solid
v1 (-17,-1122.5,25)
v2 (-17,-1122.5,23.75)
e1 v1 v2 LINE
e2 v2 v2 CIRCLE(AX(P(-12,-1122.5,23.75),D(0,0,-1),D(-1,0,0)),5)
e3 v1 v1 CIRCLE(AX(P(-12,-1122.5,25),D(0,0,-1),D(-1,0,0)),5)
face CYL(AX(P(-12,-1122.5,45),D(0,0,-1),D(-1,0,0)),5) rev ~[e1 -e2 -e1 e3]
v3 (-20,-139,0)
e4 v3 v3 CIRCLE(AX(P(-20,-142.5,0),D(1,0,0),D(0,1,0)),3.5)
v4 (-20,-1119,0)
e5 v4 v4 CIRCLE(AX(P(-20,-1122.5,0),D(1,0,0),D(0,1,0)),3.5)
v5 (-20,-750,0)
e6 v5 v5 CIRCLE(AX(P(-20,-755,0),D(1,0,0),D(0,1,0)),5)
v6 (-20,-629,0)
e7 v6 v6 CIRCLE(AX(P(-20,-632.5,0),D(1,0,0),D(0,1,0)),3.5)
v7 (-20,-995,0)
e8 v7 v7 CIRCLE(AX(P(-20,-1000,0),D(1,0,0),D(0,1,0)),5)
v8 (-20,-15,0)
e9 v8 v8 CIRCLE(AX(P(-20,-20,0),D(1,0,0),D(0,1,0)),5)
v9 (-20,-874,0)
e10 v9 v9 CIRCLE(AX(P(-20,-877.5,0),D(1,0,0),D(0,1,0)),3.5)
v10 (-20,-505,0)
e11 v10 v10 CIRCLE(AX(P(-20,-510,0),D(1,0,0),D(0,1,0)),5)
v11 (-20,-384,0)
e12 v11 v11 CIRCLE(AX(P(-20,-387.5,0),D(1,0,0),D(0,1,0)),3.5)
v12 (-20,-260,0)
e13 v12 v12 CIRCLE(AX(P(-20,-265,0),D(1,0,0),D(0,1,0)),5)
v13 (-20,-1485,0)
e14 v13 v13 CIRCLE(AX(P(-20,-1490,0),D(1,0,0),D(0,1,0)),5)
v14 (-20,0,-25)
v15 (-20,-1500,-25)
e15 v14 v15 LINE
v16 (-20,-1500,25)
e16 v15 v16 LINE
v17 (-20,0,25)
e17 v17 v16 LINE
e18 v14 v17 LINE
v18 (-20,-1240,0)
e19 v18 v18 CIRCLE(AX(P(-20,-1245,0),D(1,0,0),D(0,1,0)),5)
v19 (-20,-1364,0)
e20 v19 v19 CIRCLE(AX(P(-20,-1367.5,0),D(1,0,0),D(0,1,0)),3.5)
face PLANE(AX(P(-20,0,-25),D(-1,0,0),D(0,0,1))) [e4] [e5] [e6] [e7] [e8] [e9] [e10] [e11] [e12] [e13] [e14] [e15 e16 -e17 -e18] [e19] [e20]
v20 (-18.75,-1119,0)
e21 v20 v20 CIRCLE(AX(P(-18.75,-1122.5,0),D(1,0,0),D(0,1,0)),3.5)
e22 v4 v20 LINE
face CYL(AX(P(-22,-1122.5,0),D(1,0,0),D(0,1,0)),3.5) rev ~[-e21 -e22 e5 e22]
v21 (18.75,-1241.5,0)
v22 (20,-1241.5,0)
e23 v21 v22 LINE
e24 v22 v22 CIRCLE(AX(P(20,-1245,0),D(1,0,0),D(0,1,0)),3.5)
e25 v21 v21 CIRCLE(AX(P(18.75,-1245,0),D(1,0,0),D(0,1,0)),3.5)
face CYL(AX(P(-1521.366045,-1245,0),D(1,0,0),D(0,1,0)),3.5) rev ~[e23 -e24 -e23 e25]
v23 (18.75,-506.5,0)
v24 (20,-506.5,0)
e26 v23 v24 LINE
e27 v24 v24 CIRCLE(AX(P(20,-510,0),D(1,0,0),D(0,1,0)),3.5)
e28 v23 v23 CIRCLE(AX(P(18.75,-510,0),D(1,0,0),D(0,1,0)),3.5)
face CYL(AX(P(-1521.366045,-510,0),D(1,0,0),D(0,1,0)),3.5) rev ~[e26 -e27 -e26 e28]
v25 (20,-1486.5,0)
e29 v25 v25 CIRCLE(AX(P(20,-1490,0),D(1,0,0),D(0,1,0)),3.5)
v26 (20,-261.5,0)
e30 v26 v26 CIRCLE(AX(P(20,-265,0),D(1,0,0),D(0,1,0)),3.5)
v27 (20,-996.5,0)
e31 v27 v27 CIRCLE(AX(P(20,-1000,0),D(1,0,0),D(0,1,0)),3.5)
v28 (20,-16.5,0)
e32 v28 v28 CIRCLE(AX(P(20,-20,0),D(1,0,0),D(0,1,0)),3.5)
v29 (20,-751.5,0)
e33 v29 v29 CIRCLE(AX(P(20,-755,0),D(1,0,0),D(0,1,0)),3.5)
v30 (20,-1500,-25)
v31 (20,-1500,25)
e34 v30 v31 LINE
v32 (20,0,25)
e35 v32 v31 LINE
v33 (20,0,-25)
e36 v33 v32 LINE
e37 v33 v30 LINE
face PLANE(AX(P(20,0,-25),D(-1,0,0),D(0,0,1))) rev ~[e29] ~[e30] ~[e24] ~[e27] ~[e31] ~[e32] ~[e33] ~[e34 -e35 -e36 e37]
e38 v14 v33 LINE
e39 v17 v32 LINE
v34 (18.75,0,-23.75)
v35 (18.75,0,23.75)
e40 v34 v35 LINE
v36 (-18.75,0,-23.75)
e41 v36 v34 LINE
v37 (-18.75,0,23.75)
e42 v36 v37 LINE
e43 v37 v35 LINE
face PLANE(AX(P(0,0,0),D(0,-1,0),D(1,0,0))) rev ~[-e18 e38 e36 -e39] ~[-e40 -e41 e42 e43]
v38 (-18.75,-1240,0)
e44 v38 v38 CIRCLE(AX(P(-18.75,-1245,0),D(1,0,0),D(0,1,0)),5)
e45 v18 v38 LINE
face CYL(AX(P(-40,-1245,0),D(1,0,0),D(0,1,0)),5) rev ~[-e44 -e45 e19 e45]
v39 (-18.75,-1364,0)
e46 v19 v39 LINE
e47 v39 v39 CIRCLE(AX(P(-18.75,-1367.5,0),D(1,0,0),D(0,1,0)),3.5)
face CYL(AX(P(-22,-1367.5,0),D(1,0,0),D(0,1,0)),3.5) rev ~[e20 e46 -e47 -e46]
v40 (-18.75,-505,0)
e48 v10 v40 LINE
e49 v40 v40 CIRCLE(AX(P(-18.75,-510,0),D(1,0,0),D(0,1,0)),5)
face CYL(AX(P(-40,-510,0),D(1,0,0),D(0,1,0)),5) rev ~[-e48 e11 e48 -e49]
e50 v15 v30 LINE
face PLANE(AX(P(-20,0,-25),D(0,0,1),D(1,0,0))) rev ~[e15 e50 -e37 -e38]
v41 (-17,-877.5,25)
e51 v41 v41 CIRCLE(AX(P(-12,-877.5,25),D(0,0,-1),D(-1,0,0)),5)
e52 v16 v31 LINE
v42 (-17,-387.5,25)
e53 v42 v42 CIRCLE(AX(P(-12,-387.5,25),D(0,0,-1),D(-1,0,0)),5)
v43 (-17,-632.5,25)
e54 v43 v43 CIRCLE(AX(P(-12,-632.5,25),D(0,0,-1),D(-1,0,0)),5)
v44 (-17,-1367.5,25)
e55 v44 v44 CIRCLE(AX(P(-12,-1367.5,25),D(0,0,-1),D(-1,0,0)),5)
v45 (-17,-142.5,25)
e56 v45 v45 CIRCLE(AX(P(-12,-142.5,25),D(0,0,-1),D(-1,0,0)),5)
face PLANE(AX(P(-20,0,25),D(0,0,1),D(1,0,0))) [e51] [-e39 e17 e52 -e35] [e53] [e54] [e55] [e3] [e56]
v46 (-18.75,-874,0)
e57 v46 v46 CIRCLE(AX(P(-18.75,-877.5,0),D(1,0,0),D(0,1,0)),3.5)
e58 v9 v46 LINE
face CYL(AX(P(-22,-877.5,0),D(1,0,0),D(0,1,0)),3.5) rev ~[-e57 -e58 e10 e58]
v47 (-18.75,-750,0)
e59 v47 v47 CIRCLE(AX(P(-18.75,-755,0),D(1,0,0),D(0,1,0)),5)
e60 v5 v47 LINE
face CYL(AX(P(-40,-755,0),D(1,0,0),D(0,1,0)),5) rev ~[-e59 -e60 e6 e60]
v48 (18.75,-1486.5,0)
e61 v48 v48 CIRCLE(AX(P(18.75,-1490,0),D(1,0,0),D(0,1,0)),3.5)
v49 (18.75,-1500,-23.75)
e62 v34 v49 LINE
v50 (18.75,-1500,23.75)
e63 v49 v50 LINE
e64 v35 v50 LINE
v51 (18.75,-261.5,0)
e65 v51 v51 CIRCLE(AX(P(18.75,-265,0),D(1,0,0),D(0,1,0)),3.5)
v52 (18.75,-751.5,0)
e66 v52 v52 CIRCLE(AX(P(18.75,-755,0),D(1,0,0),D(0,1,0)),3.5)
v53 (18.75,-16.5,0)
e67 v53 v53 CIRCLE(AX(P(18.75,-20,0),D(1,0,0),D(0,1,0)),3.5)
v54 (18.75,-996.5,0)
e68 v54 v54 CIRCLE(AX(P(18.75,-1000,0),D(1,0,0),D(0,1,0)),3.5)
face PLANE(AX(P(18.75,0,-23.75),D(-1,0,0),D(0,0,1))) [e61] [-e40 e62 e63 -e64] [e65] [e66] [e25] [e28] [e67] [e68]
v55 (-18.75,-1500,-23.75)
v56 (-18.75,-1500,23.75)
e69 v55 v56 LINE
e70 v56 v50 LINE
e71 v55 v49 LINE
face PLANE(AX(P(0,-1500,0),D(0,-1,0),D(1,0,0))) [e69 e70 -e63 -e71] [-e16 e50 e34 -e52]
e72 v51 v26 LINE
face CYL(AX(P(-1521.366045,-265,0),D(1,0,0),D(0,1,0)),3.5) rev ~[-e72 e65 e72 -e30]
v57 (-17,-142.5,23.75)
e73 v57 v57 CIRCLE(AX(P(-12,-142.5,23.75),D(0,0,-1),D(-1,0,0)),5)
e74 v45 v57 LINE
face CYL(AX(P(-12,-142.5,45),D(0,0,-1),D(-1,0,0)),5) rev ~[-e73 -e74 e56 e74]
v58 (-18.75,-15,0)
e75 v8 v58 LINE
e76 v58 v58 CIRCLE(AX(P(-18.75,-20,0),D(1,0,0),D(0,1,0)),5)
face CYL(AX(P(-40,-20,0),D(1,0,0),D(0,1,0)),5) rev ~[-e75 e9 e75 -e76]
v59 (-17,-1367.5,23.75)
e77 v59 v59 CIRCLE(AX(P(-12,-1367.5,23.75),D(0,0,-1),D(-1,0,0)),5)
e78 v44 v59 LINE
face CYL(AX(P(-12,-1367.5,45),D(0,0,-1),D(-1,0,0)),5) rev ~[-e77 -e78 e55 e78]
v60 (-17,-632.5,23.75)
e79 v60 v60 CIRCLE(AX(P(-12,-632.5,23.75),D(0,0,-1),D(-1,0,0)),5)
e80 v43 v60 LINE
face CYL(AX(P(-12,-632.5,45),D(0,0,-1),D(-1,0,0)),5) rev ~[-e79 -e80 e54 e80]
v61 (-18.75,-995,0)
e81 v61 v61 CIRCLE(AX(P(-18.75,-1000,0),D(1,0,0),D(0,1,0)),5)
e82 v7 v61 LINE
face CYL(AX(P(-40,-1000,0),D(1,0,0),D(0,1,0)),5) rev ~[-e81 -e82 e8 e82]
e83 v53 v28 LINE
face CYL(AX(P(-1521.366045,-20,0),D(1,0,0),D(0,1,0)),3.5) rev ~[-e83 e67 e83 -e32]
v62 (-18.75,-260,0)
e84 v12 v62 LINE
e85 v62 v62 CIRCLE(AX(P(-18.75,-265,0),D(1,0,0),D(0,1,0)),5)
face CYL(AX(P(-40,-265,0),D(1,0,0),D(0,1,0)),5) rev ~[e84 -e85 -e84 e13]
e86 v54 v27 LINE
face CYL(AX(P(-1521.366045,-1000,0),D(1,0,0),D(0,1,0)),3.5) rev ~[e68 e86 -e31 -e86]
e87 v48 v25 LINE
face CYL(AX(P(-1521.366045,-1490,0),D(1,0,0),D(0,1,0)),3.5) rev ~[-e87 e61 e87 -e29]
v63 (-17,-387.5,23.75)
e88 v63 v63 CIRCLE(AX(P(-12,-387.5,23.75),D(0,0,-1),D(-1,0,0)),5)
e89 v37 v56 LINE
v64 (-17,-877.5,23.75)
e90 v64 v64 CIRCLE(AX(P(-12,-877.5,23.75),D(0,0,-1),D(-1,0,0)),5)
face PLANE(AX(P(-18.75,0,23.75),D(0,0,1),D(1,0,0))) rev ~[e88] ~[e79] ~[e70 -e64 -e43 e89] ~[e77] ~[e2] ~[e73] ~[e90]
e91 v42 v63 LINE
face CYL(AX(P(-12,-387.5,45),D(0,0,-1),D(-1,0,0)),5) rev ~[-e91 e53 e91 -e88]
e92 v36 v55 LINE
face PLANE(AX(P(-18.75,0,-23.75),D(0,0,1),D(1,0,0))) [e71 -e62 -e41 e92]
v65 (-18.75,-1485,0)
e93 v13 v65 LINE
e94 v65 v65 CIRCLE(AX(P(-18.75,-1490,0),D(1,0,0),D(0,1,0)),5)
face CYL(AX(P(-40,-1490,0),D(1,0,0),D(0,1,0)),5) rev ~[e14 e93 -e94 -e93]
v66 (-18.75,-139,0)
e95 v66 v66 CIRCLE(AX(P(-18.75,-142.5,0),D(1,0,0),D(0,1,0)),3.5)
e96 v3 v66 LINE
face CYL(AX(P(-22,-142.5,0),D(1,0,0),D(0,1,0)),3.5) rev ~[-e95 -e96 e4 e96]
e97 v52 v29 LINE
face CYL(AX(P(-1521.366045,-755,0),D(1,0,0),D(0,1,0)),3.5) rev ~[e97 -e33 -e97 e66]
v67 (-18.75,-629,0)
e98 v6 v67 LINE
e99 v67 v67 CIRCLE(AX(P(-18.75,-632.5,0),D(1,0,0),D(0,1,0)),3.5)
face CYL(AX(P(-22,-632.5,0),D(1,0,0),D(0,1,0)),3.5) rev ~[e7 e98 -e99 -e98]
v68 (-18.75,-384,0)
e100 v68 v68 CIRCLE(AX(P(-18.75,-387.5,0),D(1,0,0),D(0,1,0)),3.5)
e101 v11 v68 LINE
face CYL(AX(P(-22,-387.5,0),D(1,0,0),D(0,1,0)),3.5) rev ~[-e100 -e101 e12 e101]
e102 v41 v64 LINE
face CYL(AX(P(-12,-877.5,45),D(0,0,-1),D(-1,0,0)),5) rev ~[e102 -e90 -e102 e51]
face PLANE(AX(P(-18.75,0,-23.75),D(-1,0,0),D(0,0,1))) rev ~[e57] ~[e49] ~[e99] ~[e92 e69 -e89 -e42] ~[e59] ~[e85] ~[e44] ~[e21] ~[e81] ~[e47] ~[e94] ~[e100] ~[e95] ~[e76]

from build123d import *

# Parameters (mm, degrees)
F0_W           = 40
F0_H           = 50
F0_W_2         = 37.5
F0_H_2         = 47.5
F1_DEPTH       = 1500
F4_D           = 7
F5_D           = 10
F5_DEPTH       = 20
F5_TIP         = 3.0043030951
F5_ON_F3_D     = 10
F5_ON_F3_DEPTH = 20
F5_ON_F3_TIP   = 3.0043030951
F6_D           = 7
F6_DEPTH       = 2
F6_TIP         = 2.1030121666


with BuildPart() as f1:
    # F0 (on Front) → F1 (new body)
    with BuildSketch(Plane.XZ):
        Rectangle(F0_W, F0_H)
        Rectangle(F0_W_2, F0_H_2, mode=Mode.SUBTRACT)
    extrude(amount=F1_DEPTH)

    # F4 (through all)
    with Locations(Plane(origin=(-20, 0, 0), x_dir=(0, -1, 0), z_dir=(-1, 0, 0))):
        with Locations((1490, 0), (1245, 0), (1000, 0), (755, 0), (510, 0), (265, 0), (20, 0)):
            Hole(F4_D / 2)

    # F5
    with Locations(Plane(origin=(-20, 0, 0), x_dir=(0, -1, 0), z_dir=(-1, 0, 0))):
        with Locations((1490, 0), (1245, 0), (1000, 0), (755, 0), (510, 0), (265, 0), (20, 0)):
            Hole(F5_D / 2, depth=F5_DEPTH)
            with Locations((0, 0, -(F5_DEPTH + F5_TIP / 2))):  # 118° drill point
                Cone(0, F5_D / 2, F5_TIP, mode=Mode.SUBTRACT)

    # F5 on F3
    with Locations(Plane.XY.offset(25)):
        with Locations((-12, -1367.5), (-12, -1122.5), (-12, -877.5), (-12, -632.5), (-12, -387.5), (-12, -142.5)):
            Hole(F5_ON_F3_D / 2, depth=F5_ON_F3_DEPTH)
            with Locations((0, 0, -(F5_ON_F3_DEPTH + F5_ON_F3_TIP / 2))):  # 118° drill point
                Cone(0, F5_ON_F3_D / 2, F5_ON_F3_TIP, mode=Mode.SUBTRACT)

    # F6
    with Locations(Plane(origin=(-20, 0, 0), x_dir=(0, -1, 0), z_dir=(-1, 0, 0))):
        with Locations((1367.5, 0), (1122.5, 0), (877.5, 0), (632.5, 0), (387.5, 0), (142.5, 0)):
            Hole(F6_D / 2, depth=F6_DEPTH)
            with Locations((0, 0, -(F6_DEPTH + F6_TIP / 2))):  # 118° drill point
                Cone(0, F6_D / 2, F6_TIP, mode=Mode.SUBTRACT)


solid = f1.part
